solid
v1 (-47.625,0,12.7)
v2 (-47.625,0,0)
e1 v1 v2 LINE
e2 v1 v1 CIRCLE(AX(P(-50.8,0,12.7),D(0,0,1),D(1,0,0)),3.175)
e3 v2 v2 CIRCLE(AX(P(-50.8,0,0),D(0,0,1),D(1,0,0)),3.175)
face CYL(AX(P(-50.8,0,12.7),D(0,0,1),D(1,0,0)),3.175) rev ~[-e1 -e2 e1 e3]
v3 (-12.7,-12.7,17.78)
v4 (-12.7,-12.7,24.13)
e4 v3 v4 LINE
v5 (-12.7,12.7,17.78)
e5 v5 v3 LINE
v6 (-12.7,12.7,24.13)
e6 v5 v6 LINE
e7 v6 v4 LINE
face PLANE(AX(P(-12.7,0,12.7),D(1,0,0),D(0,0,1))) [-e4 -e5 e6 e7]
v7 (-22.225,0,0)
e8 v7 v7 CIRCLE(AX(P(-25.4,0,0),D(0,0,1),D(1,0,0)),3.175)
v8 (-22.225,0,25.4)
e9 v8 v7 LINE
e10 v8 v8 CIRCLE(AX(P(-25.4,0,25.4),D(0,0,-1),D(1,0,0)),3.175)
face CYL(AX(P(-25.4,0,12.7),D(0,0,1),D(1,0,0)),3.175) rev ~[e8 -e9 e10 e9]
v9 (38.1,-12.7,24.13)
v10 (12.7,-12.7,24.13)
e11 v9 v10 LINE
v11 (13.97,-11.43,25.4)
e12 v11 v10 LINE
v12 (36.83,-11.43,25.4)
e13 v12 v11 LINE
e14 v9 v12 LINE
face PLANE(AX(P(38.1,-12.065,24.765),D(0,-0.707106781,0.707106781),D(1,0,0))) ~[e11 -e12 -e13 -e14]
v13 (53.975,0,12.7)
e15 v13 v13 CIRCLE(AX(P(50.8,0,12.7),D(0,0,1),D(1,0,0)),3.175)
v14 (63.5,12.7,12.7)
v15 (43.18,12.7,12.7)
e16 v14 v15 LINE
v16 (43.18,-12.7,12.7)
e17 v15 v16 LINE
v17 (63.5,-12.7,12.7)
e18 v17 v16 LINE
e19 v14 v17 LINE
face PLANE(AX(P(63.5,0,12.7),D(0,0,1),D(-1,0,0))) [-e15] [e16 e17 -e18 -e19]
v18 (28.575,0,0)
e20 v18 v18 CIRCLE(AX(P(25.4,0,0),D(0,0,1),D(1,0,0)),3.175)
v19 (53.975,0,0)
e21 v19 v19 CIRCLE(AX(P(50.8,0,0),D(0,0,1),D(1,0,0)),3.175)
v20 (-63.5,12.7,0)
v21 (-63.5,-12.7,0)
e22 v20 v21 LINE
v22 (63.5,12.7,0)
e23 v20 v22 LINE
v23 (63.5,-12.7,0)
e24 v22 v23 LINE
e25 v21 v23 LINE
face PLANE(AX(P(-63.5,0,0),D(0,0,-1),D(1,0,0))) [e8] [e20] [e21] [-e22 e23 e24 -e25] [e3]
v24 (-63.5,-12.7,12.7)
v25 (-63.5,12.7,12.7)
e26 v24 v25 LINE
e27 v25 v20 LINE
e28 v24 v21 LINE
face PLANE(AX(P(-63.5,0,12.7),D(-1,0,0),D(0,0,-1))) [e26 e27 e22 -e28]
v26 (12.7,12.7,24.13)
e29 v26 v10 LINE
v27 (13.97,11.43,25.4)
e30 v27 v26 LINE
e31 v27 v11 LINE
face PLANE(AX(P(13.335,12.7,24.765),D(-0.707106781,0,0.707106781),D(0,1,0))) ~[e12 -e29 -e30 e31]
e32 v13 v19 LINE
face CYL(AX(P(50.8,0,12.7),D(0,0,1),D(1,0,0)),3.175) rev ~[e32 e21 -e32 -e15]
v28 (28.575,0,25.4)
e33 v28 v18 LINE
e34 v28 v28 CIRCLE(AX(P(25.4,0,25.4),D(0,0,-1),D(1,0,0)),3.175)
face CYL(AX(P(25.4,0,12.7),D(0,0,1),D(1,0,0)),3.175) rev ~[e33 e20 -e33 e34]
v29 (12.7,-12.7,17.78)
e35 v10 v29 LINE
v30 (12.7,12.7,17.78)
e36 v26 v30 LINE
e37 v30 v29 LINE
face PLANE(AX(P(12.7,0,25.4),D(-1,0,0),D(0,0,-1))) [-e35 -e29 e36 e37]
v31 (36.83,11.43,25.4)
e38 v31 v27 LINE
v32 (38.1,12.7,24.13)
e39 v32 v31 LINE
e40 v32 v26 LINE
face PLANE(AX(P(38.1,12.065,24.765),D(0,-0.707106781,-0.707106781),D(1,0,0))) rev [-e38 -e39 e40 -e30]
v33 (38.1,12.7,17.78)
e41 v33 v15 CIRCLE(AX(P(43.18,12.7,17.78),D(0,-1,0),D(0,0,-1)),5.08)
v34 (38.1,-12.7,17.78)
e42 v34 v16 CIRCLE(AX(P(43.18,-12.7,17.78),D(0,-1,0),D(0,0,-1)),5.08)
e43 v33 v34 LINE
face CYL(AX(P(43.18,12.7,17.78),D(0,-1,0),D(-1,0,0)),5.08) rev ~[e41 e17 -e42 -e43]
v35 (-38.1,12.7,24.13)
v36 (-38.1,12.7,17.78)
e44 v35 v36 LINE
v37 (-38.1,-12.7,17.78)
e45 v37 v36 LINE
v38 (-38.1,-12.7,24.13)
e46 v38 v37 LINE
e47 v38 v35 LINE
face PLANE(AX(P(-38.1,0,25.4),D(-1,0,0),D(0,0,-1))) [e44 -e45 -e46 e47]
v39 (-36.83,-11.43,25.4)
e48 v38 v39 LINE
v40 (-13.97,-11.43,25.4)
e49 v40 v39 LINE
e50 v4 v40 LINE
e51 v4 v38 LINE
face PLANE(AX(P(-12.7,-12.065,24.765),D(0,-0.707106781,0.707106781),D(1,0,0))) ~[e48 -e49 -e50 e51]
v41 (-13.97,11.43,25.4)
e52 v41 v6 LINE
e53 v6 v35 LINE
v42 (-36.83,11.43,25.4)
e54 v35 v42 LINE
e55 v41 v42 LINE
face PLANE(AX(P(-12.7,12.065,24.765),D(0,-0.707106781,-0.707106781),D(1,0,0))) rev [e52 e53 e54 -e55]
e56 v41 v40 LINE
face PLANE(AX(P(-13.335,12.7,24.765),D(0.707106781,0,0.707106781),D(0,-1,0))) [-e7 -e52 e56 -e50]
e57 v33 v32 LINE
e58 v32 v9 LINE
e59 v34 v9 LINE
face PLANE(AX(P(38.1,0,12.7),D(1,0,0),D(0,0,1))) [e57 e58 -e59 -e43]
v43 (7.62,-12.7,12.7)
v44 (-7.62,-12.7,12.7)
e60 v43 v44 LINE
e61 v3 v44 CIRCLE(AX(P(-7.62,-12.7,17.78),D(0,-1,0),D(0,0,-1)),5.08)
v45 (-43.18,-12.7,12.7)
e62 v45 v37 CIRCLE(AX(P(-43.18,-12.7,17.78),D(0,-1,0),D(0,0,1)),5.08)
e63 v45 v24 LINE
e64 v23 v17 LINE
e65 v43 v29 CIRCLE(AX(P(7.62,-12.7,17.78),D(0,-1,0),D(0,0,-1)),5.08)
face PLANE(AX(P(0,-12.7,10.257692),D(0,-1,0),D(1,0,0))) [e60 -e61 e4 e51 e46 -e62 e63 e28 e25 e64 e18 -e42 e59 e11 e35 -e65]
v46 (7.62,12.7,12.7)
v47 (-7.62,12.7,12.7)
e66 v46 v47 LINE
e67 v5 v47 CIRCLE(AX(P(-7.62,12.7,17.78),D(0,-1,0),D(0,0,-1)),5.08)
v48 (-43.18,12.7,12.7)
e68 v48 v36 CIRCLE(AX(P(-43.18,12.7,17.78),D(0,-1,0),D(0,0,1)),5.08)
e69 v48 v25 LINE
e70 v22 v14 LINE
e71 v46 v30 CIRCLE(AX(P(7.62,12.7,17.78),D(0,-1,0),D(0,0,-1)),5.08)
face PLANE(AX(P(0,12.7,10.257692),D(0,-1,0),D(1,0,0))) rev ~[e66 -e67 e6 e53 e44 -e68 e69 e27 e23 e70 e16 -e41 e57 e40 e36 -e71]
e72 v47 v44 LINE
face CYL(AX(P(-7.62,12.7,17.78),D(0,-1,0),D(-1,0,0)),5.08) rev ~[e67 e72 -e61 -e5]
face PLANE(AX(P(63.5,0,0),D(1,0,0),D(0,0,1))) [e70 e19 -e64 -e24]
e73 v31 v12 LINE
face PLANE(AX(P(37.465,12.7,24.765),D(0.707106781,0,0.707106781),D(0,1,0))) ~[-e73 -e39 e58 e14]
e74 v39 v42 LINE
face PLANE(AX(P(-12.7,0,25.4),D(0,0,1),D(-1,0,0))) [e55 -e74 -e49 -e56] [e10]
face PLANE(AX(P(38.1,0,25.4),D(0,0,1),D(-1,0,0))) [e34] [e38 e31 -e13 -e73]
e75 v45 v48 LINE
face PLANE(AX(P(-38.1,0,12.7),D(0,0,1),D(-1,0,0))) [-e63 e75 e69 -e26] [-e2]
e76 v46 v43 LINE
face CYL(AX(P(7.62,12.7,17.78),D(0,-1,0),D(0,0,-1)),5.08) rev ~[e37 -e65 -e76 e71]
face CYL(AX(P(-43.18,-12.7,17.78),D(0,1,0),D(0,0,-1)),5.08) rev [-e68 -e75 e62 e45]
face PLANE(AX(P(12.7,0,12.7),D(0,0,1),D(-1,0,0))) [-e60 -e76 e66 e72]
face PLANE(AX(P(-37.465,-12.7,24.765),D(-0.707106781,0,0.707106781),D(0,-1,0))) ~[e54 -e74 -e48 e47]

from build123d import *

# Parameters (mm, degrees)
F1_DEPTH      = 12.7
F1_DEPTH_BACK = 12.7
F2_R          = 3.175
F3_DEPTH      = 12.701
F3_DEPTH_BACK = 12.701
F4_R          = 5.08
F5_SIZE       = 1.27


with BuildPart() as f1:
    # F0 (on Front) → F1 (new body, two sides)
    with BuildSketch(Plane.XZ) as f1_sk:
        Polygon((-63.5, 12.7), (-63.5, 0), (63.5, 0), (63.5, 12.7), (38.1, 12.7), (38.1, 25.4), (12.7, 25.4), (12.7, 12.7), (-12.7, 12.7), (-12.7, 25.4), (-38.1, 25.4), (-38.1, 12.7), align=None)
    extrude(amount=F1_DEPTH)
    extrude(f1_sk.sketch, amount=-F1_DEPTH_BACK)

    # F2 (on face) → F3 (cut, two sides)
    with BuildSketch(Plane.XY.offset(12.7)) as f3_sk:
        with Locations((-50.8, 0)):
            Circle(F2_R)
        with Locations((50.8, 0)):
            Circle(F2_R)
        with Locations((-25.4, 0)):
            Circle(F2_R)
        with Locations((25.4, 0)):
            Circle(F2_R)
    extrude(amount=-F3_DEPTH, mode=Mode.SUBTRACT)
    extrude(f3_sk.sketch, amount=F3_DEPTH_BACK, mode=Mode.SUBTRACT)

    # F4
    f4_edges = [f1.edges().sort_by_distance(p)[0] for p in [
        (-38.1, 0, 12.7),
        (12.7, 0, 12.7),
        (-12.7, 0, 12.7),
        (38.1, 0, 12.7),
    ]]
    fillet(f4_edges, radius=F4_R)

    # F5
    f5_edges = [f1.edges().sort_by_distance(p)[0] for p in [
        (-25.4, -12.7, 25.4),
        (-12.7, 0, 25.4),
        (-25.4, 12.7, 25.4),
        (-38.1, 0, 25.4),
        (12.7, 0, 25.4),
        (25.4, 12.7, 25.4),
        (38.1, 0, 25.4),
        (25.4, -12.7, 25.4),
    ]]
    chamfer(f5_edges, length=F5_SIZE)


solid = f1.part
